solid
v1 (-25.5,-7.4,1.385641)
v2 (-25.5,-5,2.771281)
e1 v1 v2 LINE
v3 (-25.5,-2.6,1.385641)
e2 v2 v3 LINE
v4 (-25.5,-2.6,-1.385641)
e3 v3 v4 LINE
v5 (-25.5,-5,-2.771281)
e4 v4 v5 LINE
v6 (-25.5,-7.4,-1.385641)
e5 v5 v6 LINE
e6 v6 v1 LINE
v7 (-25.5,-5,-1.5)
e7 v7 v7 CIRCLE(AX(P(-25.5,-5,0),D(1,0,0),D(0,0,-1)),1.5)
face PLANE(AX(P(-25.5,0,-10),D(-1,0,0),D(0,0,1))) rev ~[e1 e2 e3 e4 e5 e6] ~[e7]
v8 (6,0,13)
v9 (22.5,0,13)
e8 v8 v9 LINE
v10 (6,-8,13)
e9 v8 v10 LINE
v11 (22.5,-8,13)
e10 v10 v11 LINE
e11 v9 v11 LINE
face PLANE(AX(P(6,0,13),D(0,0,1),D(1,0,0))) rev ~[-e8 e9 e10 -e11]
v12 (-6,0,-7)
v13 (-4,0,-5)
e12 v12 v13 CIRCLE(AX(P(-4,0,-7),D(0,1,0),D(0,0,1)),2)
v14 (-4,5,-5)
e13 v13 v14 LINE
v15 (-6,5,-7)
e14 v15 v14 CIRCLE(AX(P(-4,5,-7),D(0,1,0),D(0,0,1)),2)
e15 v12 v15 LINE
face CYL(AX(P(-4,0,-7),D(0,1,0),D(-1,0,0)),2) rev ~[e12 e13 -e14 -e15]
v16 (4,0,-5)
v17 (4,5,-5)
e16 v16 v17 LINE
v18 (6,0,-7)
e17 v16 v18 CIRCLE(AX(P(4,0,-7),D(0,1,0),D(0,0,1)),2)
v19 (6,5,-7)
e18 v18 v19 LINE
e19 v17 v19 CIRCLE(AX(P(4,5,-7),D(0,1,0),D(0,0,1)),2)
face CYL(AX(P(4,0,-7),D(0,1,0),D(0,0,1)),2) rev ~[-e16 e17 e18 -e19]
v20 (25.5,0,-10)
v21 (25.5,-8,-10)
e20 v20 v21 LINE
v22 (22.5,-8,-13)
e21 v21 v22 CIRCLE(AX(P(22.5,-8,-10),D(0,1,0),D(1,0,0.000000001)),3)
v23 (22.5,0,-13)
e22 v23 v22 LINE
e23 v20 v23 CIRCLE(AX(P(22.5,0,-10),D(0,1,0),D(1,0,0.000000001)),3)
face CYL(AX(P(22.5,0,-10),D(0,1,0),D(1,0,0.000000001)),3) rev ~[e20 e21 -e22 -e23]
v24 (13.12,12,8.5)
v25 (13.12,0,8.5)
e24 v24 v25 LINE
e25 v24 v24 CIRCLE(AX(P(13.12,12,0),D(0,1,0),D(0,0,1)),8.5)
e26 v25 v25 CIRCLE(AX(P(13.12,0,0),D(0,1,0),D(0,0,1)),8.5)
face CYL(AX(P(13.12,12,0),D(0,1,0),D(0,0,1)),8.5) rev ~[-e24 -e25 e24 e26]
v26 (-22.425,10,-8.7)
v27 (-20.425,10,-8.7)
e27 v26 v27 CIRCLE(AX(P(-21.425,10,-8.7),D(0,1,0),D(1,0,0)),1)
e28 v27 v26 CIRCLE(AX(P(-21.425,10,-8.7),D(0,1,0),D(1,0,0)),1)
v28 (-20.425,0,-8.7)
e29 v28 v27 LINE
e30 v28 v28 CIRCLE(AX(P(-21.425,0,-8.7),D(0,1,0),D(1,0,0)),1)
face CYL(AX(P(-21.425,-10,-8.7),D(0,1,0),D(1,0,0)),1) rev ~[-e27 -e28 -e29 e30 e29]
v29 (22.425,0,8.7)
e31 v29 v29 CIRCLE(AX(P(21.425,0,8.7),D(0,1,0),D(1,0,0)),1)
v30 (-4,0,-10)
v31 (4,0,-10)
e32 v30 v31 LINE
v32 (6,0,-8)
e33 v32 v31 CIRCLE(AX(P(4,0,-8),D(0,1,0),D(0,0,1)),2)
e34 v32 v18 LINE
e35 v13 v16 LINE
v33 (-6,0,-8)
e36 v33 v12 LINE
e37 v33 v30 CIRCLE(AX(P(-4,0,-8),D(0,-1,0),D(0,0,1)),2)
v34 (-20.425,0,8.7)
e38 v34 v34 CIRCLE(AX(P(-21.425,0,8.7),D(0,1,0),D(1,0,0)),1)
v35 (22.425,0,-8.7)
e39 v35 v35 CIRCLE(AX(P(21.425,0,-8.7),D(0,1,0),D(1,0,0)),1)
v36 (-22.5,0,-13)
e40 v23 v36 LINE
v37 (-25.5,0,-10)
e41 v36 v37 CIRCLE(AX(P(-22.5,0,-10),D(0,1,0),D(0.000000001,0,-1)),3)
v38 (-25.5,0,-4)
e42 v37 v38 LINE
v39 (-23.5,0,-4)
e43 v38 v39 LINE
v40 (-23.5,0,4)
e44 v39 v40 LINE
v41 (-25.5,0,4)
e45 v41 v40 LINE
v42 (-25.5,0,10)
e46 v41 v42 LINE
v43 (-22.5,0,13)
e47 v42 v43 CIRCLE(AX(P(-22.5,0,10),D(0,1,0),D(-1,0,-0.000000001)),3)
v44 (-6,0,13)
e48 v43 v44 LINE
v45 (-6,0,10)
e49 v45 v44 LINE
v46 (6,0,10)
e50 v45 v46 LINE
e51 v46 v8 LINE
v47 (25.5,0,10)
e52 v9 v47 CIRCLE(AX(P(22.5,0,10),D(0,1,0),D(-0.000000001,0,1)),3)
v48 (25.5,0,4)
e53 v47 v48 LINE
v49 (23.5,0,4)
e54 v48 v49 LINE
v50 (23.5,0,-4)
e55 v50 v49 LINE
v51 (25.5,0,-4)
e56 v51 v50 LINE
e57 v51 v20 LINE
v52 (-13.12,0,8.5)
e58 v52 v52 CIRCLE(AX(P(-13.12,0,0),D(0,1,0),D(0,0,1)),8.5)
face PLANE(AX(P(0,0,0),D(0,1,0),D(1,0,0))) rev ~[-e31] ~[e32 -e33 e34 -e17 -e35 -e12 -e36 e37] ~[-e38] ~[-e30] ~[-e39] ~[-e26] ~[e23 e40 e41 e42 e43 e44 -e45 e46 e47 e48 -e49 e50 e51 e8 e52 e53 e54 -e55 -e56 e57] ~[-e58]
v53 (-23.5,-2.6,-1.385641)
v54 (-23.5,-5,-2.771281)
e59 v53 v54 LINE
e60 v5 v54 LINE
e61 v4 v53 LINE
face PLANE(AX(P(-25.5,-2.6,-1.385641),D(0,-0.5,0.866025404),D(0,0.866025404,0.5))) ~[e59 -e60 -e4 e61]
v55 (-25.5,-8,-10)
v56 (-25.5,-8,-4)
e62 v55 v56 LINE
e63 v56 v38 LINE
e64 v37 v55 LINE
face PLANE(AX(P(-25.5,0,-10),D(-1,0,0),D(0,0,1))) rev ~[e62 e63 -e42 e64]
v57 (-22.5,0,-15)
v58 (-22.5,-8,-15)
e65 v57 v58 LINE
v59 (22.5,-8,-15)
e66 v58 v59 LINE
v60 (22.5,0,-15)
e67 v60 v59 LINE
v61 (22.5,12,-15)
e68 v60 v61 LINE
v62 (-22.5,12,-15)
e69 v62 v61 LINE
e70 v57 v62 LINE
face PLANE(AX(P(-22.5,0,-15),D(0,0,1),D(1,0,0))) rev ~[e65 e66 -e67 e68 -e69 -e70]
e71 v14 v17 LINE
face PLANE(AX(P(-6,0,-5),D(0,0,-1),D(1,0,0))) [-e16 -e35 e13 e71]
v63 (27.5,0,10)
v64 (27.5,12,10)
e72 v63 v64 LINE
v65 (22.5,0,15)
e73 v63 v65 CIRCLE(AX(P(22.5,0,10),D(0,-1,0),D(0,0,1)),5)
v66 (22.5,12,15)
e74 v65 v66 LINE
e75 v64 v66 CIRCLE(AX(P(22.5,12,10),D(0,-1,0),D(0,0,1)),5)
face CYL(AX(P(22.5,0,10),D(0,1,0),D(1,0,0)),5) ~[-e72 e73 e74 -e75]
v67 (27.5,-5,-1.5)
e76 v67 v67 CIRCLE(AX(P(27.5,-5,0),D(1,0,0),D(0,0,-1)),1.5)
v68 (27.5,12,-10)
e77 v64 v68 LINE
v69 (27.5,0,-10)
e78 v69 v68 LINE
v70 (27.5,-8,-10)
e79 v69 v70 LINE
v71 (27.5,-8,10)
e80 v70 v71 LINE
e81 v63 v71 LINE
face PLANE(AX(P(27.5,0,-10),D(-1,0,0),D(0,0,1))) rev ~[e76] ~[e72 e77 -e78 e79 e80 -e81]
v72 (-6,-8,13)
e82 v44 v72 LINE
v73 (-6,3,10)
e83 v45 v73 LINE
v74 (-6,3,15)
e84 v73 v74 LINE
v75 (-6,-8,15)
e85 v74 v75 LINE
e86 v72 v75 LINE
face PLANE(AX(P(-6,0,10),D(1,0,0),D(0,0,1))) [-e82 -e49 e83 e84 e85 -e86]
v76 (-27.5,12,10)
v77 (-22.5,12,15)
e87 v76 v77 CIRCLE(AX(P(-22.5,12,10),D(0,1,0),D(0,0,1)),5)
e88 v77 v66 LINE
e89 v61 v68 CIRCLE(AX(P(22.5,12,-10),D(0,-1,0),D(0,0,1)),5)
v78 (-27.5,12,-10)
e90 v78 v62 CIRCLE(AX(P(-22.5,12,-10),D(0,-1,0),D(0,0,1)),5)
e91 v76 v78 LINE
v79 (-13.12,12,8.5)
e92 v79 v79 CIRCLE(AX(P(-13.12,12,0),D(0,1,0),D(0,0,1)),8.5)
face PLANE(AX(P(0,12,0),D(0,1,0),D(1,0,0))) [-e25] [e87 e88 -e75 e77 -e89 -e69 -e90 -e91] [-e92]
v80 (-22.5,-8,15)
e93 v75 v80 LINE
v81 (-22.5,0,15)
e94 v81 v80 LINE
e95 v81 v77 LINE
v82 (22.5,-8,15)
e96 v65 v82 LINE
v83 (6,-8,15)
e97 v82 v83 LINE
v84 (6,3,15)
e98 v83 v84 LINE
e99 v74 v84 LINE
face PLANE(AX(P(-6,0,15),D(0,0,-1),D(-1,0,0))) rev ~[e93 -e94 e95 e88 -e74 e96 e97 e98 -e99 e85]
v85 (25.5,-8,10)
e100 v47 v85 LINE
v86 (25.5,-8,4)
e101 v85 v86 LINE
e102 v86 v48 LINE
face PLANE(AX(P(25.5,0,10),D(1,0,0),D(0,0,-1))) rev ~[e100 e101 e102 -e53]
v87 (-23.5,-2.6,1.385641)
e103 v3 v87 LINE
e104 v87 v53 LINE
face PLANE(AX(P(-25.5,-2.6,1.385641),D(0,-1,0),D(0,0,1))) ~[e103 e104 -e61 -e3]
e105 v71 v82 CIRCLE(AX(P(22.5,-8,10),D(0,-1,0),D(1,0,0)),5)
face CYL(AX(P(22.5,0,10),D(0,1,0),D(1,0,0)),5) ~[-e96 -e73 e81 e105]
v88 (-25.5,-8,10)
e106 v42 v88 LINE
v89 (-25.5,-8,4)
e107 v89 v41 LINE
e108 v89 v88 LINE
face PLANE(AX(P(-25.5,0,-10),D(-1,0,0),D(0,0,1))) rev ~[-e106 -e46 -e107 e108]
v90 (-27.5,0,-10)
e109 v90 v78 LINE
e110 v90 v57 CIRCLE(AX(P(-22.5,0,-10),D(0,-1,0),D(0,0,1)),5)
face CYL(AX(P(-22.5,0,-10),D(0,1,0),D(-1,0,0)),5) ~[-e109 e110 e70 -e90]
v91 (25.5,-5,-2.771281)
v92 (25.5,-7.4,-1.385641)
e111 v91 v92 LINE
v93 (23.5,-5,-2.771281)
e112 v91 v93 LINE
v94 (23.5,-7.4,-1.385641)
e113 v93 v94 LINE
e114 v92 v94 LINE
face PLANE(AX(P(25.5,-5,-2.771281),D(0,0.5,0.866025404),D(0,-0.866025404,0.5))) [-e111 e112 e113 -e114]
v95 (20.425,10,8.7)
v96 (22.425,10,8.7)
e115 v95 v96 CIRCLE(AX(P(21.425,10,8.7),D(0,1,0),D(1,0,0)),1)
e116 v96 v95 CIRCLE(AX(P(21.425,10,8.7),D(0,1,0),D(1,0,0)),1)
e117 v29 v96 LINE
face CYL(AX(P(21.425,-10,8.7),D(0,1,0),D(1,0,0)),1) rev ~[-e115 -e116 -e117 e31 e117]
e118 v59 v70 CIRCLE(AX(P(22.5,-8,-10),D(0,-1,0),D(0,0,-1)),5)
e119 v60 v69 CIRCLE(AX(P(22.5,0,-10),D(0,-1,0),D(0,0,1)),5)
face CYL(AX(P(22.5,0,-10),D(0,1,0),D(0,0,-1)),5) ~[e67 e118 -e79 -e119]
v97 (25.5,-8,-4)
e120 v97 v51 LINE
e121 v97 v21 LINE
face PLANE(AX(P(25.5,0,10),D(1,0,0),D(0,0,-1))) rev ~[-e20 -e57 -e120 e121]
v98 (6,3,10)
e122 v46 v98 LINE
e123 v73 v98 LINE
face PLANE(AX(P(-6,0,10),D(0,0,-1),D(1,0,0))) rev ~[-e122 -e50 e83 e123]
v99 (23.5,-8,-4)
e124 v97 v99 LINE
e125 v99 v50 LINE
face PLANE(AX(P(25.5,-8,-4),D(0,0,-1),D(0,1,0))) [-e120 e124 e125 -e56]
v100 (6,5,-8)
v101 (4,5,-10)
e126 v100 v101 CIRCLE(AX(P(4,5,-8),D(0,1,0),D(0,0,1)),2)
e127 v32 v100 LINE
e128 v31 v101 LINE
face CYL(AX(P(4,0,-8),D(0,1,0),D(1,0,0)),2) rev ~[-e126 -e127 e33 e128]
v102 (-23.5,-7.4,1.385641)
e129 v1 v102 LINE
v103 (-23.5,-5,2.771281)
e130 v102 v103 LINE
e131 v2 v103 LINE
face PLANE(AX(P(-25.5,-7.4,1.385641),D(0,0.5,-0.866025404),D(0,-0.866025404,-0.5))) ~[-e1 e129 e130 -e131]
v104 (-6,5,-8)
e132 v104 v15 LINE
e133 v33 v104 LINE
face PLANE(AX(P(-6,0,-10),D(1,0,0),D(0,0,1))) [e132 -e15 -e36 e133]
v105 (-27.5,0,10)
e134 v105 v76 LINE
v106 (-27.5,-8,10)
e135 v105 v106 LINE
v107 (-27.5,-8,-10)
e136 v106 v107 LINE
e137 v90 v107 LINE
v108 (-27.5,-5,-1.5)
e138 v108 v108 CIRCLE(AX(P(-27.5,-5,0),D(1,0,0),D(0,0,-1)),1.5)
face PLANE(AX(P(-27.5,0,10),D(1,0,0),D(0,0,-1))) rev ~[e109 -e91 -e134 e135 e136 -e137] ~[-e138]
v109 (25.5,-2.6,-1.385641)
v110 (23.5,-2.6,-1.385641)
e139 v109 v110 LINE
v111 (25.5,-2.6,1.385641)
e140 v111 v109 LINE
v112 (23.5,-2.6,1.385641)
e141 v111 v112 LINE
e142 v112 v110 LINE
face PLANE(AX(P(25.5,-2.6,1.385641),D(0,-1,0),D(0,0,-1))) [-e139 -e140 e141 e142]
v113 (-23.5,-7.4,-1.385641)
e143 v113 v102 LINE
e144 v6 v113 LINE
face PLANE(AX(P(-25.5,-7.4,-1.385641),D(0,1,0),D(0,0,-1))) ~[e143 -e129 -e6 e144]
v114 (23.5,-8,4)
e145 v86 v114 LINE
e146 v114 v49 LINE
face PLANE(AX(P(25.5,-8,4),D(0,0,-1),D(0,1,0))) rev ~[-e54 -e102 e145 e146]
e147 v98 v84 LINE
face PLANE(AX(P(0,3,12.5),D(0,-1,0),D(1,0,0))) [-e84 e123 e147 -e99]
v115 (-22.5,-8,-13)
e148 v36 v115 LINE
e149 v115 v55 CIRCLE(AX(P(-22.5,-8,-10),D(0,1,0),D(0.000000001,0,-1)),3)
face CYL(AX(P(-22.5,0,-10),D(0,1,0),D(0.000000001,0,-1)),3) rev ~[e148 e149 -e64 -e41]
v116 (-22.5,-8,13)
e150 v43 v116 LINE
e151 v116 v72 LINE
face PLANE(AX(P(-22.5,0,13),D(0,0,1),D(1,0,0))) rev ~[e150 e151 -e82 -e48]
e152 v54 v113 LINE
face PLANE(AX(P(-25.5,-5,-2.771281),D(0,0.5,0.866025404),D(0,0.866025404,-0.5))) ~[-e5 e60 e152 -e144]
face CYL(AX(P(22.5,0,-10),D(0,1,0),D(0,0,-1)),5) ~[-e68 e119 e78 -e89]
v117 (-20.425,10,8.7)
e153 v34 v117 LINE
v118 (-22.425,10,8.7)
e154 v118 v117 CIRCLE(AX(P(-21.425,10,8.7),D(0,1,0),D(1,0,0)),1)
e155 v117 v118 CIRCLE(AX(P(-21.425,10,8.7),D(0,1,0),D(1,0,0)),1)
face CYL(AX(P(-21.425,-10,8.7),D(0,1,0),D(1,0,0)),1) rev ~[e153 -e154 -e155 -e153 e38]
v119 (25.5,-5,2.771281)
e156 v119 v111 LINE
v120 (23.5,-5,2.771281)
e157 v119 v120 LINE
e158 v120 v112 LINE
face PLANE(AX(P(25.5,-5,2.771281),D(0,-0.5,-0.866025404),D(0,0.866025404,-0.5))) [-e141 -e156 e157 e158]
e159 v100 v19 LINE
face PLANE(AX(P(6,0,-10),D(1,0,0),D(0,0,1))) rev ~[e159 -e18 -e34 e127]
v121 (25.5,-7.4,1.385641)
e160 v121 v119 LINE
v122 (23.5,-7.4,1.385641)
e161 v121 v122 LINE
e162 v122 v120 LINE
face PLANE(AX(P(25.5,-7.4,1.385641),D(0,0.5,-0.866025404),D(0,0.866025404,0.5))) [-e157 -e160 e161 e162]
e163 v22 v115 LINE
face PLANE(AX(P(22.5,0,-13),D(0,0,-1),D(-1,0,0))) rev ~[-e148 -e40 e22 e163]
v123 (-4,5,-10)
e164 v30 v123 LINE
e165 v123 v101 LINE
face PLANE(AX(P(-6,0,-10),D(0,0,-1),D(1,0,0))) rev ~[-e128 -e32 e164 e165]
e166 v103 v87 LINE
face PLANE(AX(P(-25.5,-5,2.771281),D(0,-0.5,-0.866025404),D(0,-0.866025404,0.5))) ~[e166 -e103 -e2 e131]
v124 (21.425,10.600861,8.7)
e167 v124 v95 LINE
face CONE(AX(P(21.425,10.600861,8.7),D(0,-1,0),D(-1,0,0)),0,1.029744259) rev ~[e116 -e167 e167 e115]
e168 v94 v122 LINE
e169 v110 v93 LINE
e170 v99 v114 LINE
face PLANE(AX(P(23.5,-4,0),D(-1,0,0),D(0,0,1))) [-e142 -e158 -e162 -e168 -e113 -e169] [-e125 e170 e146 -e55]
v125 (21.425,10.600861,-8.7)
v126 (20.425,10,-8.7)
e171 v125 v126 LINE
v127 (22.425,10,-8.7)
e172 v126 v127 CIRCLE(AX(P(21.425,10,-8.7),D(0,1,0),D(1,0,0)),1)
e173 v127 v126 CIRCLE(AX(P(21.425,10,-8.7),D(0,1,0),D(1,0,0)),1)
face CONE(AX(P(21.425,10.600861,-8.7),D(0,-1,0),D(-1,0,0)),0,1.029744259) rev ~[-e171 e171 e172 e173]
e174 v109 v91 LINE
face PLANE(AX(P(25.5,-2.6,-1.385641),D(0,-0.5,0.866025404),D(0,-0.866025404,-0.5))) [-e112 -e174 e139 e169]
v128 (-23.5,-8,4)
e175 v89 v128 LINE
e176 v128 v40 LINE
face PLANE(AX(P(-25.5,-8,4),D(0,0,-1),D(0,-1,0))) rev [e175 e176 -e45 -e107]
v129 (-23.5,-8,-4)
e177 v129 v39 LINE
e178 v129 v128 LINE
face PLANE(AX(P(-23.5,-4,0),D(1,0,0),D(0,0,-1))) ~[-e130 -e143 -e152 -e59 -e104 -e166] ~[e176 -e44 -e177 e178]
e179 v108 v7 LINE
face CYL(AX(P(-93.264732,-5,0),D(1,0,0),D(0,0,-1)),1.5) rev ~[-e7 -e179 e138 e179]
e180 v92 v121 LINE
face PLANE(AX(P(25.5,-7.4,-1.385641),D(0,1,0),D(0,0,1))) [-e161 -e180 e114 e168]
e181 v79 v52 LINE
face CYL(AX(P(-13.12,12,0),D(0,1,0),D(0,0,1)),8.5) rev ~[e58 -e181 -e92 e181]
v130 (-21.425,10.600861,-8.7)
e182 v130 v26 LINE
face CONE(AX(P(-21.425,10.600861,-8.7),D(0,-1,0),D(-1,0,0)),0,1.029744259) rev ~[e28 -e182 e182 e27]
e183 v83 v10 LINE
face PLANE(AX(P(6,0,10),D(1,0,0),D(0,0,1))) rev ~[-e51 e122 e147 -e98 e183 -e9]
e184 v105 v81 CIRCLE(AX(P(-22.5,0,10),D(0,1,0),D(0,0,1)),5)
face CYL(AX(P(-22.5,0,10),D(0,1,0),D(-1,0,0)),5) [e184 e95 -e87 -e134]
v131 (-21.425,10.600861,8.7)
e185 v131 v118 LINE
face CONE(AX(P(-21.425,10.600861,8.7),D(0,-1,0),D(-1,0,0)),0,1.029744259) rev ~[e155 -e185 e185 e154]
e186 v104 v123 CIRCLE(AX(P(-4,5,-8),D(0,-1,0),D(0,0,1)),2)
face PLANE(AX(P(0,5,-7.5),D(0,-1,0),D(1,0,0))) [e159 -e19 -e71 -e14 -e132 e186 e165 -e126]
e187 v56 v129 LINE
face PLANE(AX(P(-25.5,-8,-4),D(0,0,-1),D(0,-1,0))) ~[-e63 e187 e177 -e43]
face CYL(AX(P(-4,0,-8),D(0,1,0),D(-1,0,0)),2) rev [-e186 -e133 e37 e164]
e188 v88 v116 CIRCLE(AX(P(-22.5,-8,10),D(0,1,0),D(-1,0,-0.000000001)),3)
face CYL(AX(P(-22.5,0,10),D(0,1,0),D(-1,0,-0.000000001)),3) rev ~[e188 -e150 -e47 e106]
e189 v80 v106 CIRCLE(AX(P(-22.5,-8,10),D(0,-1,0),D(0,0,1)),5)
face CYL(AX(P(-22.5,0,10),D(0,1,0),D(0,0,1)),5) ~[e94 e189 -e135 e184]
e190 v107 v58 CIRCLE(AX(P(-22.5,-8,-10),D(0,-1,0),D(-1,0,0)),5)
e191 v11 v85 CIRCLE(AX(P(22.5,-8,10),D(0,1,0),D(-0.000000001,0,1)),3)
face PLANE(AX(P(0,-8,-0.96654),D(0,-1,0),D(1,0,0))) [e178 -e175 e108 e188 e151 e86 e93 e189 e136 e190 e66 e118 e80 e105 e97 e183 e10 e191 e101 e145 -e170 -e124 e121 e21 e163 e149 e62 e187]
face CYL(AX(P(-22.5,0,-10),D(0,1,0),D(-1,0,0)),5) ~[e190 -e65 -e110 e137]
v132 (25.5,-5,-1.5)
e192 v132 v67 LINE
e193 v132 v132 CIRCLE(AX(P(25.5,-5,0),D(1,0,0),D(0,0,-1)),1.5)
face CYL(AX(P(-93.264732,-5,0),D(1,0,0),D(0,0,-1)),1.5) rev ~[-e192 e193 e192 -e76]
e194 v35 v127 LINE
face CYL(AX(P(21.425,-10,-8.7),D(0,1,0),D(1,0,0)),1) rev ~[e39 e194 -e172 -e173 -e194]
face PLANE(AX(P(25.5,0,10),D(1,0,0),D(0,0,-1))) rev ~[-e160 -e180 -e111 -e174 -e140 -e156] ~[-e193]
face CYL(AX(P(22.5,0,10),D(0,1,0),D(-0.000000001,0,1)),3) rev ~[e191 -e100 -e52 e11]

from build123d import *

# Parameters (mm, degrees)
SKETCH1_W                    = 55
SKETCH1_H                    = 30
BOSS_EXTRUDE1_DEPTH          = 12
SKETCH2_R                    = 8.5
CUT_EXTRUDE1_DEPTH           = 34.544746235
SKETCH4_W                    = 12
SKETCH4_H                    = 5
CUT_EXTRUDE2_DEPTH           = 5
FILLET1_R                    = 2
SKETCH5_W                    = 12
SKETCH5_H                    = 5
CUT_EXTRUDE3_DEPTH           = 3
FILLET2_R                    = 5
BOSS_EXTRUDE3_DEPTH          = 8
F_3_0MM_DOWEL_HOLE1_D        = 3
SKETCH10_W                   = 8
SKETCH10_H                   = 8
BOSS_EXTRUDE4_DEPTH          = 2
F_2_0_2_DIAMETER_HOLE1_D     = 2
F_2_0_2_DIAMETER_HOLE1_DEPTH = 10
F_2_0_2_DIAMETER_HOLE1_TIP   = 0.600860619


with BuildPart() as part:
    # Sketch1 → Boss-Extrude1 (new body)
    with BuildSketch(Plane(origin=(0, 0, 0), x_dir=(1, 0, 0), z_dir=(0, 1, 0))):
        Rectangle(SKETCH1_W, SKETCH1_H)
    extrude(amount=BOSS_EXTRUDE1_DEPTH)

    # Sketch2 → Cut-Extrude1 (cut, through all)
    with BuildSketch(Plane(origin=(0, 12, 0), x_dir=(1, 0, 0), z_dir=(0, 1, 0))):
        with Locations(Location((-13.12, 0, 0), (0, 0, 270))):
            Circle(SKETCH2_R)
        with Locations(Location((13.12, 0, 0), (0, 0, 270))):
            Circle(SKETCH2_R)
    extrude(amount=-CUT_EXTRUDE1_DEPTH, mode=Mode.SUBTRACT)

    # Sketch4 → Cut-Extrude2 (cut)
    with BuildSketch(Plane.XZ):
        with Locations((0, -7.5)):
            Rectangle(SKETCH4_W, SKETCH4_H)
    extrude(amount=-CUT_EXTRUDE2_DEPTH, mode=Mode.SUBTRACT)

    # Fillet1
    fillet1_edges = [part.edges().sort_by_distance(p)[0] for p in [
        (-6, 2.5, -10),
        (-6, 2.5, -5),
        (6, 2.5, -5),
        (6, 2.5, -10),
    ]]
    fillet(fillet1_edges, radius=FILLET1_R)

    # Sketch5 → Cut-Extrude3 (cut)
    with BuildSketch(Plane.XZ):
        with Locations((0, 12.5)):
            Rectangle(SKETCH5_W, SKETCH5_H)
    extrude(amount=-CUT_EXTRUDE3_DEPTH, mode=Mode.SUBTRACT)

    # Fillet2
    fillet2_edges = [part.edges().sort_by_distance(p)[0] for p in [
        (27.5, 6, 15),
        (-27.5, 6, 15),
        (-27.5, 6, -15),
        (27.5, 6, -15),
    ]]
    fillet(fillet2_edges, radius=FILLET2_R)

    # Sketch6 → Boss-Extrude3 (add)
    with BuildSketch(Plane.XZ):
        with BuildLine():
            Line((25.5, 10), (25.5, -10))
            ThreePointArc((25.5, -10), (24.621320344, -12.121320344), (22.5, -13))
            Line((22.5, -13), (-22.5, -13))
            ThreePointArc((-22.5, -13), (-24.621320344, -12.121320344), (-25.5, -10))
            Line((-25.5, -10), (-25.5, 10))
            ThreePointArc((-25.5, 10), (-24.621320344, 12.121320344), (-22.5, 13))
            Line((-22.5, 13), (-8, 13))
            Line((-8, 13), (-6, 13))
            Line((-6, 13), (-6, 15))
            Line((-6, 15), (-22.5, 15))
            ThreePointArc((-22.5, 15), (-26.035533906, 13.535533906), (-27.5, 10))
            Line((-27.5, 10), (-27.5, -10))
            ThreePointArc((-27.5, -10), (-26.035533906, -13.535533906), (-22.5, -15))
            Line((-22.5, -15), (22.5, -15))
            ThreePointArc((22.5, -15), (26.035533906, -13.535533906), (27.5, -10))
            Line((27.5, -10), (27.5, 10))
            ThreePointArc((27.5, 10), (26.035533906, 13.535533906), (22.5, 15))
            Line((22.5, 15), (6, 15))
            Line((6, 15), (6, 13))
            Line((6, 13), (8, 13))
            Line((8, 13), (22.5, 13))
            ThreePointArc((22.5, 13), (24.621320344, 12.121320344), (25.5, 10))
        make_face()
    extrude(amount=BOSS_EXTRUDE3_DEPTH)

    # Ø3.0mm Dowel Hole1 (through all)
    with Locations(Plane.ZY.offset(27.5)):
        with Locations((0, -5)):
            Hole(F_3_0MM_DOWEL_HOLE1_D / 2)

    # Sketch10 → Boss-Extrude4 (add)
    with BuildSketch(Plane.ZY.offset(-25.5)):
        with Locations((0, -4)):
            Rectangle(SKETCH10_W, SKETCH10_H)
        Polygon((2.771281292, -5), (1.385640646, -2.6), (-1.385640646, -2.6), (-2.771281292, -5), (-1.385640646, -7.4), (1.385640646, -7.4), align=None, mode=Mode.SUBTRACT)
    boss_extrude4 = extrude(amount=BOSS_EXTRUDE4_DEPTH)

    # Mirror1: Boss-Extrude4 across plane
    add(boss_extrude4.mirror(Plane(origin=(0, 0, 0), x_dir=(0, 0, 1), z_dir=(1, 0, 0))))

    # Ø2.0 (2) Diameter Hole1
    with Locations(Plane(origin=(0, 0, 0), x_dir=(-1, 0, 0), z_dir=(0, -1, 0))):
        with Locations((-21.425, 8.7), (21.425, 8.7), (21.425, -8.7), (-21.425, -8.7)):
            Hole(F_2_0_2_DIAMETER_HOLE1_D / 2, depth=F_2_0_2_DIAMETER_HOLE1_DEPTH)
            with Locations((0, 0, -(F_2_0_2_DIAMETER_HOLE1_DEPTH + F_2_0_2_DIAMETER_HOLE1_TIP / 2))):  # 118° drill point
                Cone(0, F_2_0_2_DIAMETER_HOLE1_D / 2, F_2_0_2_DIAMETER_HOLE1_TIP, mode=Mode.SUBTRACT)


solid = part.part
